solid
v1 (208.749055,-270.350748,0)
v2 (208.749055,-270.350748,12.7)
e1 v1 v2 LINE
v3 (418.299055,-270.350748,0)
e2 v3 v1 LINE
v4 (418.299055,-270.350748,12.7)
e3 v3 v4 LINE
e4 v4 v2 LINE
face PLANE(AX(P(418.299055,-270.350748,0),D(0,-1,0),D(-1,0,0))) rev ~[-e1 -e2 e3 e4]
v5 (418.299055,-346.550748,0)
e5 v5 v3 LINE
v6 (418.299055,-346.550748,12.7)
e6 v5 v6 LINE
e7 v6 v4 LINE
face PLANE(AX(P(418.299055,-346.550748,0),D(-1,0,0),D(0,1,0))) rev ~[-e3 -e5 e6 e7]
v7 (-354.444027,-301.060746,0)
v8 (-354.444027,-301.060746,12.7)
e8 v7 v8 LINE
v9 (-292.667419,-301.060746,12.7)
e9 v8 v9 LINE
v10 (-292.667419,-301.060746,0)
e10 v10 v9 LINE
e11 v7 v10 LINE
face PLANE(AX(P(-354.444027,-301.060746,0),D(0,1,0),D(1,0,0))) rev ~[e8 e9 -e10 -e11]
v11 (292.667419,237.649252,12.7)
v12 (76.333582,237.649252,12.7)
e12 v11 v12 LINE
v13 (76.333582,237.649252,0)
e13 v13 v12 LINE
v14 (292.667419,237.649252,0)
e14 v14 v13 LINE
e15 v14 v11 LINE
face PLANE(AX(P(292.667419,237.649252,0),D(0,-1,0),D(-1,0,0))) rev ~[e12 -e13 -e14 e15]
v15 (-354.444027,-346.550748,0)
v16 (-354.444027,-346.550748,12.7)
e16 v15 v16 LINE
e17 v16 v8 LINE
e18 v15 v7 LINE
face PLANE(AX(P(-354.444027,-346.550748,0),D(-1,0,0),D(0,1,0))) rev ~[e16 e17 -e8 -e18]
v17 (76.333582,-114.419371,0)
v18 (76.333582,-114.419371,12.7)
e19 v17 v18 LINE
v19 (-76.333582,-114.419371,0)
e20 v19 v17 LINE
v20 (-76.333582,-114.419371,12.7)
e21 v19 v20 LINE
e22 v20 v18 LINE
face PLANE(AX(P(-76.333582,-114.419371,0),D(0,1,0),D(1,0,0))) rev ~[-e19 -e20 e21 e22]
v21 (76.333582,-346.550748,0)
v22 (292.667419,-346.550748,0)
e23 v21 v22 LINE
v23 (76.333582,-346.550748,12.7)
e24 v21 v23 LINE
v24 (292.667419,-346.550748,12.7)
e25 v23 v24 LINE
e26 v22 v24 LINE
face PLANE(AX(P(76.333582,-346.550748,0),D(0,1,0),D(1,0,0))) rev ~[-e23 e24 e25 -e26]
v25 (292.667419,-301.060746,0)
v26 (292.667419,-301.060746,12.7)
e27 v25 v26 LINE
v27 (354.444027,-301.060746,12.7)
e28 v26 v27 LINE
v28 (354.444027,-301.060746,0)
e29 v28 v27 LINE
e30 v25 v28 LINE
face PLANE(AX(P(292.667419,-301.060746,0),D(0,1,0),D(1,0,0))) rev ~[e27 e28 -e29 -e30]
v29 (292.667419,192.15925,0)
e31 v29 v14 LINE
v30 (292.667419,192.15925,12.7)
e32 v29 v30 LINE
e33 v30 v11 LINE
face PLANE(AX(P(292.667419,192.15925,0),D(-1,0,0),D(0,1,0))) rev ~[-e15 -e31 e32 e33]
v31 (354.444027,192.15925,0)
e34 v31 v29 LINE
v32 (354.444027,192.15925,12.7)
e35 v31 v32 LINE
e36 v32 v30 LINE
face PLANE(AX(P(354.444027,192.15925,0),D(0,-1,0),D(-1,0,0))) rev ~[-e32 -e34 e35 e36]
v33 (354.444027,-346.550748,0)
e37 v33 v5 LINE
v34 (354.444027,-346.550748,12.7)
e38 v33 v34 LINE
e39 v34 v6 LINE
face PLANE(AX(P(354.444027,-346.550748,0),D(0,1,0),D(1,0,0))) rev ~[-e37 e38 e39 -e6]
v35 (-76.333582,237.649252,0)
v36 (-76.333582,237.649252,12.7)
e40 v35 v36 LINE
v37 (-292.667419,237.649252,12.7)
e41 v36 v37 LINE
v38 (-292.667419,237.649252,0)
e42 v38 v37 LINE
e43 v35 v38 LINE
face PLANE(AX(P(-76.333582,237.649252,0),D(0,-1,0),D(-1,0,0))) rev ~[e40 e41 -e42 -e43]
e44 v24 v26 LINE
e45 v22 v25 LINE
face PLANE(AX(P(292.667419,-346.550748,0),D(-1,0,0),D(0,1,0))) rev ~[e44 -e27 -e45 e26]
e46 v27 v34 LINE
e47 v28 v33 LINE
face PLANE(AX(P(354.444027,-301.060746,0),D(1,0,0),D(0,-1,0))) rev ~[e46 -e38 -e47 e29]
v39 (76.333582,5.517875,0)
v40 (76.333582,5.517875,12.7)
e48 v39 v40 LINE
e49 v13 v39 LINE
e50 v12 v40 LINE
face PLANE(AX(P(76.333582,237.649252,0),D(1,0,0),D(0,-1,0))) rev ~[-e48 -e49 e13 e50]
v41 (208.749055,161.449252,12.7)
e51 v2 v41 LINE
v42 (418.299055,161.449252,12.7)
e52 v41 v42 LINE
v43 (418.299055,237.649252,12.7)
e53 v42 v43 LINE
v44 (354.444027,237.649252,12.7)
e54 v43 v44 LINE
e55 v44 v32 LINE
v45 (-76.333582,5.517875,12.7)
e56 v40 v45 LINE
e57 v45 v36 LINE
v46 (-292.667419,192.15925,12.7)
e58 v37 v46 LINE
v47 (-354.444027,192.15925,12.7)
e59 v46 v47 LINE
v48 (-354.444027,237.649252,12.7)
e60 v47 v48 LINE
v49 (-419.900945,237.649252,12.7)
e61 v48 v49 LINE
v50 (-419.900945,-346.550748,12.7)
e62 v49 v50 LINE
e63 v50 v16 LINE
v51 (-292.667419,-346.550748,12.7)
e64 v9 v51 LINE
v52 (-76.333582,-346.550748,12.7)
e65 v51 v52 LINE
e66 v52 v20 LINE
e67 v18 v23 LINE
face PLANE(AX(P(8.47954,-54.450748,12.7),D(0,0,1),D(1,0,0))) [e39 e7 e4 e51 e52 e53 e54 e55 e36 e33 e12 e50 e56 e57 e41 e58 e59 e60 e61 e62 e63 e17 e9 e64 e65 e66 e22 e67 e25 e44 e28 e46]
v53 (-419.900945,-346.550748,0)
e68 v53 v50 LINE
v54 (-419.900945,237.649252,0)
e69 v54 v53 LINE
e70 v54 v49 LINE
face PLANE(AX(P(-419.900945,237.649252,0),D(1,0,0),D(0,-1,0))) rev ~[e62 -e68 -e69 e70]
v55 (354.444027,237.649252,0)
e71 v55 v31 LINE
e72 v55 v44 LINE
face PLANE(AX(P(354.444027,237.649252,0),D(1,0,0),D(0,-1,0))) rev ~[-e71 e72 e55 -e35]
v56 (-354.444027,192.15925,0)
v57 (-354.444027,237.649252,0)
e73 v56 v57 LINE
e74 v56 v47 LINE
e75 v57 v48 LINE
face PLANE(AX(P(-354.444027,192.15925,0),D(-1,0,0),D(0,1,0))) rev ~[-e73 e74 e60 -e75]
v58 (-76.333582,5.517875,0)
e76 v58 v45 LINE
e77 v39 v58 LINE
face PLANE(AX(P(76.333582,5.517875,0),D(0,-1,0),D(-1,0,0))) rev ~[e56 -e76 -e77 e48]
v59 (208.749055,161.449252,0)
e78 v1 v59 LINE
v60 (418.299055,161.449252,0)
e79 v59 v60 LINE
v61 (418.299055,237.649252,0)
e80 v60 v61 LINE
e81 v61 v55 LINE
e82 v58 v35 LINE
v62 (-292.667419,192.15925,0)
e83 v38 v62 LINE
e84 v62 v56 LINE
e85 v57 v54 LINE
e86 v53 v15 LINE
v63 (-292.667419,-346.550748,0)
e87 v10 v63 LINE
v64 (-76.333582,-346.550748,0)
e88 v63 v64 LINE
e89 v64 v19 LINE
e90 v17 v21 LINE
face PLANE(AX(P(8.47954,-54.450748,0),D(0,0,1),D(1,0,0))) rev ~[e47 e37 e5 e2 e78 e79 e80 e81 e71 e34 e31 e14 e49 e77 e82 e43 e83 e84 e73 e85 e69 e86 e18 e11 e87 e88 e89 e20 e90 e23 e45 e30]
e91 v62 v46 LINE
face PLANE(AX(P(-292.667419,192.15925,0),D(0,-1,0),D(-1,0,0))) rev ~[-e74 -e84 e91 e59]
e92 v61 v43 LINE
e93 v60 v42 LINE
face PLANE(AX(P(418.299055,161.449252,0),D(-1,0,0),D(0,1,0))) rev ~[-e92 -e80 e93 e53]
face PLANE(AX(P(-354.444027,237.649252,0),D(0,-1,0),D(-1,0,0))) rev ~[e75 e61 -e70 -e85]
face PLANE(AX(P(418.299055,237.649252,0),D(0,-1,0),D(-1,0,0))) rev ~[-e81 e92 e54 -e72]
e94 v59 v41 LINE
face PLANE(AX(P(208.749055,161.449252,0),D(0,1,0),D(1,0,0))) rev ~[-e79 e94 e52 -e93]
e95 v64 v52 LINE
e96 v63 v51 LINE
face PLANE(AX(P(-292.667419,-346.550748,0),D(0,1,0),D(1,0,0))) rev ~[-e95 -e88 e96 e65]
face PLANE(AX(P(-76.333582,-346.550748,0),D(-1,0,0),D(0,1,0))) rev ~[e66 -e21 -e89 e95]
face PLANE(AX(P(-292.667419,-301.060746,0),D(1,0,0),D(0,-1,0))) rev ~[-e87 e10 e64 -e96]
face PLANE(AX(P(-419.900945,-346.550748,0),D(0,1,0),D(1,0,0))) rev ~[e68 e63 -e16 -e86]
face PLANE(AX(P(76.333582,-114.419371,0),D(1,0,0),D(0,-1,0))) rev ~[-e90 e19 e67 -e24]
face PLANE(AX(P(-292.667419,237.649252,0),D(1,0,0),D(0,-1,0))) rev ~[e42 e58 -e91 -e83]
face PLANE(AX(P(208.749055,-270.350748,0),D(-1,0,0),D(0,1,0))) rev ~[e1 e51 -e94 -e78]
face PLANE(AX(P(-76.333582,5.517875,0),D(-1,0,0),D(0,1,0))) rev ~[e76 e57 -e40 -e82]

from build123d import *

# Parameters (mm, degrees)
F1_DEPTH = 12.7


with BuildPart() as f1:
    # F0 (on Top) → F1 (new body)
    with BuildSketch(Plane.XY):
        Polygon((-418.2990551353, 237.649252063), (-419.9009448647, 237.649252063), (-419.9009448647, -346.550747937), (-354.444026947, -346.550747937), (-354.444026947, -301.0607462526), (-292.6674187183, -301.0607462526), (-292.6674187183, -346.550747937), (-76.3335824013, -346.550747937), (-76.3335824013, -114.4193708897), (76.3335824013, -114.4193708897), (76.3335824013, -346.550747937), (292.6674187183, -346.550747937), (292.6674187183, -301.0607462526), (354.444026947, -301.0607462526), (354.444026947, -346.550747937), (418.2990551353, -346.550747937), (418.2990551353, -270.350747937), (208.7490551353, -270.350747937), (208.7490551353, 161.449252063), (418.2990551353, 161.449252063), (418.2990551353, 237.649252063), (354.444026947, 237.649252063), (354.444026947, 192.1592503786), (292.6674187183, 192.1592503786), (292.6674187183, 237.649252063), (76.3335824013, 237.649252063), (76.3335824013, 5.5178750157), (-76.3335824013, 5.5178750157), (-76.3335824013, 237.649252063), (-292.6674187183, 237.649252063), (-292.6674187183, 192.1592503786), (-354.444026947, 192.1592503786), (-354.444026947, 237.649252063), align=None)
    extrude(amount=F1_DEPTH)


solid = f1.part
